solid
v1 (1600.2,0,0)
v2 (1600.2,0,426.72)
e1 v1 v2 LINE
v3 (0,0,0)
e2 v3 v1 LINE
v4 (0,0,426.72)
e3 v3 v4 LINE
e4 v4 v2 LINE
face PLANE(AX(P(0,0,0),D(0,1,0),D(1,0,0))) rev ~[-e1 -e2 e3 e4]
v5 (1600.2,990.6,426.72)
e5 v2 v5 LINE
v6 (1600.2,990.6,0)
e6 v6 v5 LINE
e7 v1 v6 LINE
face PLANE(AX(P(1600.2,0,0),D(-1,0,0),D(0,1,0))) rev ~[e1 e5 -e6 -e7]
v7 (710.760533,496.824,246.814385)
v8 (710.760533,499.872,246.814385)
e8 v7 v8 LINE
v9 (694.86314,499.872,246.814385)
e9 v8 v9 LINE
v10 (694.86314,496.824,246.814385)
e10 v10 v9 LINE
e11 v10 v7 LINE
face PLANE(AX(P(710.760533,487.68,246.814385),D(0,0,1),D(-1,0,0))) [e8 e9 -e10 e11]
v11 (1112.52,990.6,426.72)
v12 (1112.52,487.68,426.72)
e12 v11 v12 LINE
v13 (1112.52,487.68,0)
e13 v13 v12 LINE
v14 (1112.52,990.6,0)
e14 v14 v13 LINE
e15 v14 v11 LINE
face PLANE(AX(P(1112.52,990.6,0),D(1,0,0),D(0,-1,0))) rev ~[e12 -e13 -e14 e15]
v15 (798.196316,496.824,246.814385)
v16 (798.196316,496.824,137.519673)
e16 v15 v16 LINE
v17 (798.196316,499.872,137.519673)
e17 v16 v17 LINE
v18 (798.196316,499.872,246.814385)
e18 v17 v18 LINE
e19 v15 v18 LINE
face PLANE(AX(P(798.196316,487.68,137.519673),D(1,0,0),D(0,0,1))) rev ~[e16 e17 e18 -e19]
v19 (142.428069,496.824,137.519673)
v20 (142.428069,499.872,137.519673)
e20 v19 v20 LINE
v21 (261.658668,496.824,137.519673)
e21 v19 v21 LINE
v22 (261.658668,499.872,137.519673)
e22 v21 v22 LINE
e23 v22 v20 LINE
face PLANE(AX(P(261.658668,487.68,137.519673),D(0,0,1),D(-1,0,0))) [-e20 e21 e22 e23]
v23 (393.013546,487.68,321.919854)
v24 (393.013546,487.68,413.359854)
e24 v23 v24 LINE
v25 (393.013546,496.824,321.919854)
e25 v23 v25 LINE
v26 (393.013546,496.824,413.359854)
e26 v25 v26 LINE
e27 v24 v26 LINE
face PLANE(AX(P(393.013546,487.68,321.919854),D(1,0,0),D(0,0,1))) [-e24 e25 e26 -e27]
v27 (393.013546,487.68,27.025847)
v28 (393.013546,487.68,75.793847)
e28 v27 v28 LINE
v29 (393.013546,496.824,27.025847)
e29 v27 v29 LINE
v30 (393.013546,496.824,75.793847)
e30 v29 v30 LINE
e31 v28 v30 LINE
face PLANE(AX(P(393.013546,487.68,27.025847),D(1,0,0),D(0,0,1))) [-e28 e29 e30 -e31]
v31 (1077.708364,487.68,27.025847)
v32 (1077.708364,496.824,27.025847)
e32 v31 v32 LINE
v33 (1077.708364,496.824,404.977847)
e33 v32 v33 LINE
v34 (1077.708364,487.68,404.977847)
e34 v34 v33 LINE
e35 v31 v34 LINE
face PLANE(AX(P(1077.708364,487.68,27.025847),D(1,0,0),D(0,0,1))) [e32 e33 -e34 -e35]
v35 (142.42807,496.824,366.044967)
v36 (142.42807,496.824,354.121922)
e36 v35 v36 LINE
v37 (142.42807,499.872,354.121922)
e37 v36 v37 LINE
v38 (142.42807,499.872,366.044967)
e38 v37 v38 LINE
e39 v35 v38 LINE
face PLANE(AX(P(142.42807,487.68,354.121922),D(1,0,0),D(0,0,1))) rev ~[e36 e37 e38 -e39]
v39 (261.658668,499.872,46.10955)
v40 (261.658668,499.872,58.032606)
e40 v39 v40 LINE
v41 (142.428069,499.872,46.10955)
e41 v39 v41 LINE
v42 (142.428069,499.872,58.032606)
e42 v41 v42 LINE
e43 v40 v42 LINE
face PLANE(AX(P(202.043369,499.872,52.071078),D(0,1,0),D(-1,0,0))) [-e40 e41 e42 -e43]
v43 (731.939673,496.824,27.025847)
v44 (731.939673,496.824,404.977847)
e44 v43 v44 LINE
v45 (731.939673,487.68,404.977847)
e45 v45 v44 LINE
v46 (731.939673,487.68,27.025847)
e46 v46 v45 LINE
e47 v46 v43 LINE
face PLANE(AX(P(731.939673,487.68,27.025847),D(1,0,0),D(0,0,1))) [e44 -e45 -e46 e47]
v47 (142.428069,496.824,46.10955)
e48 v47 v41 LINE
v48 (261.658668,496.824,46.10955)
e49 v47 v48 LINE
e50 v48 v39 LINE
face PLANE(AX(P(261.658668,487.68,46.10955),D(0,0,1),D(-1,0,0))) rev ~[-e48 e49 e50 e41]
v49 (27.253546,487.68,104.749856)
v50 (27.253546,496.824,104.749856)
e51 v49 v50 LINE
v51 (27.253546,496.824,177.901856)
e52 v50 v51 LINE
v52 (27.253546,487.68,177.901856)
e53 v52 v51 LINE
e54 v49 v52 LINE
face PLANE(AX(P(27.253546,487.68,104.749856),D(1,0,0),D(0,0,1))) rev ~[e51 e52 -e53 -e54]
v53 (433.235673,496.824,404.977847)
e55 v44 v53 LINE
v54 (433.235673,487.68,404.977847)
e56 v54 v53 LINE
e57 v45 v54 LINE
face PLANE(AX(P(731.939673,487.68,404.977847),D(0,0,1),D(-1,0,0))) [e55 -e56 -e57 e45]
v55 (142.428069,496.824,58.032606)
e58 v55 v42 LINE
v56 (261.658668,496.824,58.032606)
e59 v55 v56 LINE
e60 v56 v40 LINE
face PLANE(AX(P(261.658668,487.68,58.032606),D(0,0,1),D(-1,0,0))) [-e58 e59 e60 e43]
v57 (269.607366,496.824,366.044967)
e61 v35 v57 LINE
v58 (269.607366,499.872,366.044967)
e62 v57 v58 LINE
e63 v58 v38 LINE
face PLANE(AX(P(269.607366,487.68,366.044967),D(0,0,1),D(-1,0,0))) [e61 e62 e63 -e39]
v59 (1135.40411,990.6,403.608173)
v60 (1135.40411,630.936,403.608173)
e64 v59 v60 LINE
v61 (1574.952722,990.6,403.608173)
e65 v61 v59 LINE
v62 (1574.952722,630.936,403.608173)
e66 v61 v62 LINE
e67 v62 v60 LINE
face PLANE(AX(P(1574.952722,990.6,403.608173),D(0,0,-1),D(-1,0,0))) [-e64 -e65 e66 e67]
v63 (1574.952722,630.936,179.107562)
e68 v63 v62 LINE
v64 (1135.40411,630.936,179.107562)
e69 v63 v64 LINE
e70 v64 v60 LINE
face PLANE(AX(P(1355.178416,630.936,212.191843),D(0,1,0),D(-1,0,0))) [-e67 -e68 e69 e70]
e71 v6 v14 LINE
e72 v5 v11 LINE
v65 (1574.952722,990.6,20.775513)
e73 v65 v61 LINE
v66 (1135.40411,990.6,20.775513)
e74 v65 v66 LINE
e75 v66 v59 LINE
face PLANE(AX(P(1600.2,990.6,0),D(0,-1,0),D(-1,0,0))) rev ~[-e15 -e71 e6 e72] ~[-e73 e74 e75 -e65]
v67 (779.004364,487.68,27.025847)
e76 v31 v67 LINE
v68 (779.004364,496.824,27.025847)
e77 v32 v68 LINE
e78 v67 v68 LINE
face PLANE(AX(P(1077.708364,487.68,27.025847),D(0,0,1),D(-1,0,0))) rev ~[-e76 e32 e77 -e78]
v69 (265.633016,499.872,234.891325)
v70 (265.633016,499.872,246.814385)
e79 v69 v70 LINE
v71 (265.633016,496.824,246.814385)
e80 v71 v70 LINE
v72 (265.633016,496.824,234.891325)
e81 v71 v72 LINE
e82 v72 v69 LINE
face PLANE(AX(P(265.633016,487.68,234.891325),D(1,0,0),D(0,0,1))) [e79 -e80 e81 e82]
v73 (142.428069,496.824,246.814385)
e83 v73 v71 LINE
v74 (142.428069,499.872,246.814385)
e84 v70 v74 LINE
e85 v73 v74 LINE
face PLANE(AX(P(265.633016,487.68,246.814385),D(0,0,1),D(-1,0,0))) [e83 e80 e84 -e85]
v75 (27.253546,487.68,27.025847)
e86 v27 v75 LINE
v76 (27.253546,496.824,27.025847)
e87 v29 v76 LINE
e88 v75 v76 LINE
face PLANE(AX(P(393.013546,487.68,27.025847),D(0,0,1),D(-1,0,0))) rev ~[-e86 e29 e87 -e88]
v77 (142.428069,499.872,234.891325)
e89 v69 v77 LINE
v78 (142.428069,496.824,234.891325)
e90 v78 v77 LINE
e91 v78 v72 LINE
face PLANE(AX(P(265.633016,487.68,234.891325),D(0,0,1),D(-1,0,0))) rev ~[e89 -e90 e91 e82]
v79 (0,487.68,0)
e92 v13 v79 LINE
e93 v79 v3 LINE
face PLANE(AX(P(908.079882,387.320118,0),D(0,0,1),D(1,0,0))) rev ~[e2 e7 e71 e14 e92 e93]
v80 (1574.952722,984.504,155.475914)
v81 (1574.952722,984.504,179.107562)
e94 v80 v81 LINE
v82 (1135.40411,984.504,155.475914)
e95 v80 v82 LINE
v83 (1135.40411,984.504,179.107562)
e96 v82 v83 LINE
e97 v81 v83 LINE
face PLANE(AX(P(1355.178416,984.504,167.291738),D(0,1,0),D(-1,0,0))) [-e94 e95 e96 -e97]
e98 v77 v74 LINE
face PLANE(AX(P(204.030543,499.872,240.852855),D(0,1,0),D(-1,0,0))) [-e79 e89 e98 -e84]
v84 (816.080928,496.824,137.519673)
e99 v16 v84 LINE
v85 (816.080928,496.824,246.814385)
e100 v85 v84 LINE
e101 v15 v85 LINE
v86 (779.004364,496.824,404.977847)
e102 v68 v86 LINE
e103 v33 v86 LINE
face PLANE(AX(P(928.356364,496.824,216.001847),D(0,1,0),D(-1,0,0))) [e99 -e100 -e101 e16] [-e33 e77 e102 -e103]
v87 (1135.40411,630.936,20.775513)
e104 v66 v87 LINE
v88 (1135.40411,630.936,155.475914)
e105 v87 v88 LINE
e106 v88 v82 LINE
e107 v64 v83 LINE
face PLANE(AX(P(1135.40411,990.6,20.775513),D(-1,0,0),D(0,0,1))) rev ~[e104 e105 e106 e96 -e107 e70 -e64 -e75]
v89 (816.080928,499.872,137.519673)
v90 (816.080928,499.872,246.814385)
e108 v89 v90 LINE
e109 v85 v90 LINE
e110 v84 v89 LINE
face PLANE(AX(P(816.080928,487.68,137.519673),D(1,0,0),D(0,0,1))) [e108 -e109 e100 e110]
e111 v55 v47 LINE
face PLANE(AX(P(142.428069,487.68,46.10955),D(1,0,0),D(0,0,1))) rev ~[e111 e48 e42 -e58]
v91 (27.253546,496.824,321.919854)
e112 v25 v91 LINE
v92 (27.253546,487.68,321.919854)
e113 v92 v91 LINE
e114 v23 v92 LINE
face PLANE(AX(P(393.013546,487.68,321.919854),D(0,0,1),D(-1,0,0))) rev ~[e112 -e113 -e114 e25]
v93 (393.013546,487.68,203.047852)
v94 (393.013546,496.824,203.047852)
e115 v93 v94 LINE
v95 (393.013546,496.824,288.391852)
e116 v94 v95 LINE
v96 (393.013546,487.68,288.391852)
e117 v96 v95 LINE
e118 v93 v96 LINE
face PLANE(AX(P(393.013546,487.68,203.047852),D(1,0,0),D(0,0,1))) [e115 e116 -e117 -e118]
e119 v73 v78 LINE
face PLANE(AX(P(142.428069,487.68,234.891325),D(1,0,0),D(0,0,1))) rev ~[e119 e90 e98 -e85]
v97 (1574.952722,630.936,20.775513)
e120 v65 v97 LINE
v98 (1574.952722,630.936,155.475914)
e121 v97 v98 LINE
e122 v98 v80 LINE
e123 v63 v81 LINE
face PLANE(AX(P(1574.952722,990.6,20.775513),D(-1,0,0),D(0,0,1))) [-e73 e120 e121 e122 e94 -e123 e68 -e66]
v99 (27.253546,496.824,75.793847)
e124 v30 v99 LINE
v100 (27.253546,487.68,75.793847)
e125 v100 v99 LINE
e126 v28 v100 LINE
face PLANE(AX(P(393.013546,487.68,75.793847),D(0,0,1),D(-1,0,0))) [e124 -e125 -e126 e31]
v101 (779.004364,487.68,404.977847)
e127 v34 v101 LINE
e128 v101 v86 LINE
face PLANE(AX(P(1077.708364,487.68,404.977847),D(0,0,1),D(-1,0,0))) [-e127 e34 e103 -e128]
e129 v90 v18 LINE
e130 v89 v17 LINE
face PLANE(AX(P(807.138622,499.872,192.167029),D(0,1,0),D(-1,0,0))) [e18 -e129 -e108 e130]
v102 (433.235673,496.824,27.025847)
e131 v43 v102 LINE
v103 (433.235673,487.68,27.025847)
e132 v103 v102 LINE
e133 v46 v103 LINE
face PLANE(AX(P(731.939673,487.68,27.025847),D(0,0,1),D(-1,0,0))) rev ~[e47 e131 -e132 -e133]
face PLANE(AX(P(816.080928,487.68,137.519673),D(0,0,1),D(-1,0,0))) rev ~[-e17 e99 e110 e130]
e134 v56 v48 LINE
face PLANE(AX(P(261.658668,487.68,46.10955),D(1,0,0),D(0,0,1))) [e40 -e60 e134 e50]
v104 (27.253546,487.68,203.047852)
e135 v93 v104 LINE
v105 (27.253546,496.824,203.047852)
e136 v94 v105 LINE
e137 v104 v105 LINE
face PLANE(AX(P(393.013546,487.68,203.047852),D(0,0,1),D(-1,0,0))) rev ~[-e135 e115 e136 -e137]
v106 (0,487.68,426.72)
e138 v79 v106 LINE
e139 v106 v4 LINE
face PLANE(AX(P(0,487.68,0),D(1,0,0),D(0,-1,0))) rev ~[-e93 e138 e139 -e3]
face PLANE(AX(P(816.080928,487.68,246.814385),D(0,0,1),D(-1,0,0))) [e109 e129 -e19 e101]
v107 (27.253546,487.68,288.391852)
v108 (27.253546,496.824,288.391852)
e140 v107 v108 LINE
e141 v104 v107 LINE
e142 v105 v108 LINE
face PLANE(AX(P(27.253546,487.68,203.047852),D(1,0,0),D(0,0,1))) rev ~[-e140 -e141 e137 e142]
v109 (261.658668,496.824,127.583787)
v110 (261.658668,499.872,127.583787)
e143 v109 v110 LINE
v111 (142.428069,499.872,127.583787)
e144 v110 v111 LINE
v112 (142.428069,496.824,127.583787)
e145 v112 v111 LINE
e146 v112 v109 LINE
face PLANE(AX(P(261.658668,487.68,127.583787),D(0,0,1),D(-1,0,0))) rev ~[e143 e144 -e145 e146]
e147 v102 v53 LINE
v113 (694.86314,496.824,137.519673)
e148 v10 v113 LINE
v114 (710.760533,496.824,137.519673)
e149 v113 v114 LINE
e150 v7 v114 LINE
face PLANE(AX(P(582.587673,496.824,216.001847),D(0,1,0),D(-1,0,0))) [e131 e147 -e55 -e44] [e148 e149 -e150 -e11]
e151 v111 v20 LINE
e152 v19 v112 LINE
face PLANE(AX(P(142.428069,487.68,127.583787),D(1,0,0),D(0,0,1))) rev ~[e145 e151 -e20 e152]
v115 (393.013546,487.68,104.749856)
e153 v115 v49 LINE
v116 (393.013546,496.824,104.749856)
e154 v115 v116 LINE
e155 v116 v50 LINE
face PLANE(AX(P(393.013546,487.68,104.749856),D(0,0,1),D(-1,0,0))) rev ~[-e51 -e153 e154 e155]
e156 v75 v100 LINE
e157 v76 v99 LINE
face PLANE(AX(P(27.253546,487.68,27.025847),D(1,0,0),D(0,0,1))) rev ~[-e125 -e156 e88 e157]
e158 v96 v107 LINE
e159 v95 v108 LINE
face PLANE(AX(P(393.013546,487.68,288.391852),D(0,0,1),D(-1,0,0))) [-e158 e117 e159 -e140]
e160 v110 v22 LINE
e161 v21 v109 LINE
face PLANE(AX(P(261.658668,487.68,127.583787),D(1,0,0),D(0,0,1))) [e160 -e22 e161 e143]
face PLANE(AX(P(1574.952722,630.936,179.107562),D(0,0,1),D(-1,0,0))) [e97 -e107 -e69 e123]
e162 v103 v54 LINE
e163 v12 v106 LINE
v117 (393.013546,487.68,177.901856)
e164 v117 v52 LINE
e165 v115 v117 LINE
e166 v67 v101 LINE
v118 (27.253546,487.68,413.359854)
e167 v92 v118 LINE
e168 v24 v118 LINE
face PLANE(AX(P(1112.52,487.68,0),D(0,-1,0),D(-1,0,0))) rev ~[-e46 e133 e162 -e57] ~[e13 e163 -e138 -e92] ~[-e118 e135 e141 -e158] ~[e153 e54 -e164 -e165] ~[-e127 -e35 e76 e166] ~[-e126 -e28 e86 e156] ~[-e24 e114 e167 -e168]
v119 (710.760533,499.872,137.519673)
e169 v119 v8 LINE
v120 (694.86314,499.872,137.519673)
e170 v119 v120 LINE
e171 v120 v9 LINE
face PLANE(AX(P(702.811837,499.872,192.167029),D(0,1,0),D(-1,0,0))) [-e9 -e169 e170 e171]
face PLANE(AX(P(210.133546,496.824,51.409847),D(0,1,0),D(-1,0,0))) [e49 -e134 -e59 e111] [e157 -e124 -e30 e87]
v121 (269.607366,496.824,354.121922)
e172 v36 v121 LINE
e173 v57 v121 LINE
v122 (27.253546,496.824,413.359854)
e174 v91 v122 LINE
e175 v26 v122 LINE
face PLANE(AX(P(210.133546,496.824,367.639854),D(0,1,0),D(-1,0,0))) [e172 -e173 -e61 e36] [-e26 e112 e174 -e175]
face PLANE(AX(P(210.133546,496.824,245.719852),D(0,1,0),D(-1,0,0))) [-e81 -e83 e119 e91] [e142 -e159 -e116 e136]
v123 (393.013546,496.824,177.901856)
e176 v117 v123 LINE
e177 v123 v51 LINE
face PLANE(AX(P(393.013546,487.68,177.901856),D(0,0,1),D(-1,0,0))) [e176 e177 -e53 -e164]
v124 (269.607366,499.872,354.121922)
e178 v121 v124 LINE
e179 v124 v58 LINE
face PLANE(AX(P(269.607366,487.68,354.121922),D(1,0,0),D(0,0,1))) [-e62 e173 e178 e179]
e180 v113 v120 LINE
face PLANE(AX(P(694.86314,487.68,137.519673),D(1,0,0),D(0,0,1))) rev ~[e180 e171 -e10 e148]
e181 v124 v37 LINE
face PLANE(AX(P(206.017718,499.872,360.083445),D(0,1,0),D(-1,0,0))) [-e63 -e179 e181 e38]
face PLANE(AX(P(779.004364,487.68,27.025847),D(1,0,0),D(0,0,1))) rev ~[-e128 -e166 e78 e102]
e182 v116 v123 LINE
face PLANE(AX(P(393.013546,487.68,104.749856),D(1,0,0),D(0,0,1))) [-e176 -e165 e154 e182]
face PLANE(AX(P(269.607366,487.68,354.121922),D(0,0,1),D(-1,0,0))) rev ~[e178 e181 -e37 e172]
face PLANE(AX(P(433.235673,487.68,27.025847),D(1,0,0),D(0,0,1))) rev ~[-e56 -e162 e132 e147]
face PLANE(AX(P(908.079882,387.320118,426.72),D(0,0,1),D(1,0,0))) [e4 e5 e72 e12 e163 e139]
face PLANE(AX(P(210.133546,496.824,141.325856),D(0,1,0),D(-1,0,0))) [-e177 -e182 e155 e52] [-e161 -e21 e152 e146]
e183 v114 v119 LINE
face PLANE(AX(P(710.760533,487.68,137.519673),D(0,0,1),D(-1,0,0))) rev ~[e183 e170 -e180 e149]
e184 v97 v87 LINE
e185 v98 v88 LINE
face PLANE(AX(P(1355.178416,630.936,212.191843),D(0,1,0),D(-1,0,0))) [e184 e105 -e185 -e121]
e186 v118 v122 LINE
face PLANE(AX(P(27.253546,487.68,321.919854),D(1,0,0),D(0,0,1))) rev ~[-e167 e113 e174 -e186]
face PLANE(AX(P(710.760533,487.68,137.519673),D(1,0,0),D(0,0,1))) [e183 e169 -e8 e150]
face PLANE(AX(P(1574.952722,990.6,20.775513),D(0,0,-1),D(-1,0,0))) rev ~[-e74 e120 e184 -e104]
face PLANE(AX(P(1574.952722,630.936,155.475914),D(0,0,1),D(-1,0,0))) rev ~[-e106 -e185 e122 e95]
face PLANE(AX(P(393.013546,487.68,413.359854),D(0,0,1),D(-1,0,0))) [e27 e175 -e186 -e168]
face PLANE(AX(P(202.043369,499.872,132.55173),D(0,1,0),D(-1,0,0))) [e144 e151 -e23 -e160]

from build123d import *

# Parameters (mm, degrees)
F1_DEPTH = 426.72
F2_W     = 365.76
F2_H     = 48.768
F2_H_2   = 73.152
F2_H_3   = 85.344
F2_H_4   = 91.44
F2_W_2   = 298.704
F2_H_5   = 377.952
F3_DEPTH = 9.144
F4_W     = 119.230599
F4_H     = 11.923056
F4_H_2   = 9.935886
F4_W_2   = 123.204947
F4_H_3   = 11.92306
F4_W_3   = 127.179295
F4_H_4   = 11.923045
F4_W_4   = 15.897393
F4_H_5   = 109.294712
F4_W_5   = 17.884612
F5_DEPTH = 12.192
F6_W     = 439.548612
F6_H     = 382.832659
F7_DEPTH = 359.664
F8_W     = 439.548612
F8_H     = 23.631648
F9_DEPTH = 353.568


with BuildPart() as f1:
    # F0 (on Top) → F1 (new body)
    with BuildSketch(Plane.XY):
        Polygon((0, 487.68), (0, 0), (1600.2, 0), (1600.2, 990.6), (1112.52, 990.6), (1112.52, 487.68), align=None)
    extrude(amount=F1_DEPTH)

    # F2 (on face) → F3 (join)
    with BuildSketch(Plane(origin=(0, 487.68, 0), x_dir=(-1, 0, 0), z_dir=(0, 1, 0))):
        with Locations((-210.133546, 51.409847)):
            Rectangle(F2_W, F2_H)
        with Locations((-210.133546, 141.325856)):
            Rectangle(F2_W, F2_H_2)
        with Locations((-210.133546, 245.719852)):
            Rectangle(F2_W, F2_H_3)
        with Locations((-210.133546, 367.639854)):
            Rectangle(F2_W, F2_H_4)
        with Locations((-582.587673, 216.001847)):
            Rectangle(F2_W_2, F2_H_5)
        with Locations((-928.356364, 216.001847)):
            Rectangle(F2_W_2, F2_H_5)
    extrude(amount=F3_DEPTH)

    # F4 (on face) → F5 (join)
    with BuildSketch(Plane(origin=(0, 487.68, 0), x_dir=(-1, 0, 0), z_dir=(0, 1, 0))):
        with Locations((-202.043369, 52.071078)):
            Rectangle(F4_W, F4_H)
        with Locations((-202.043369, 132.55173)):
            Rectangle(F4_W, F4_H_2)
        with Locations((-204.030543, 240.852855)):
            Rectangle(F4_W_2, F4_H_3)
        with Locations((-206.017718, 360.083445)):
            Rectangle(F4_W_3, F4_H_4)
        with Locations((-702.811837, 192.167029)):
            Rectangle(F4_W_4, F4_H_5)
        with Locations((-807.138622, 192.167029)):
            Rectangle(F4_W_5, F4_H_5)
    extrude(amount=F5_DEPTH)

    # F6 (on face) → F7 (cut)
    with BuildSketch(Plane(origin=(0, 990.6, 0), x_dir=(-1, 0, 0), z_dir=(0, 1, 0))):
        with Locations((-1355.178416, 212.191843)):
            Rectangle(F6_W, F6_H)
    extrude(amount=-F7_DEPTH, mode=Mode.SUBTRACT)

    # F8 (on face) → F9 (join)
    with BuildSketch(Plane(origin=(0, 630.936, 0), x_dir=(-1, 0, 0), z_dir=(0, 1, 0))):
        with Locations((-1355.178416, 167.291738)):
            Rectangle(F8_W, F8_H)
    extrude(amount=F9_DEPTH)


solid = f1.part
